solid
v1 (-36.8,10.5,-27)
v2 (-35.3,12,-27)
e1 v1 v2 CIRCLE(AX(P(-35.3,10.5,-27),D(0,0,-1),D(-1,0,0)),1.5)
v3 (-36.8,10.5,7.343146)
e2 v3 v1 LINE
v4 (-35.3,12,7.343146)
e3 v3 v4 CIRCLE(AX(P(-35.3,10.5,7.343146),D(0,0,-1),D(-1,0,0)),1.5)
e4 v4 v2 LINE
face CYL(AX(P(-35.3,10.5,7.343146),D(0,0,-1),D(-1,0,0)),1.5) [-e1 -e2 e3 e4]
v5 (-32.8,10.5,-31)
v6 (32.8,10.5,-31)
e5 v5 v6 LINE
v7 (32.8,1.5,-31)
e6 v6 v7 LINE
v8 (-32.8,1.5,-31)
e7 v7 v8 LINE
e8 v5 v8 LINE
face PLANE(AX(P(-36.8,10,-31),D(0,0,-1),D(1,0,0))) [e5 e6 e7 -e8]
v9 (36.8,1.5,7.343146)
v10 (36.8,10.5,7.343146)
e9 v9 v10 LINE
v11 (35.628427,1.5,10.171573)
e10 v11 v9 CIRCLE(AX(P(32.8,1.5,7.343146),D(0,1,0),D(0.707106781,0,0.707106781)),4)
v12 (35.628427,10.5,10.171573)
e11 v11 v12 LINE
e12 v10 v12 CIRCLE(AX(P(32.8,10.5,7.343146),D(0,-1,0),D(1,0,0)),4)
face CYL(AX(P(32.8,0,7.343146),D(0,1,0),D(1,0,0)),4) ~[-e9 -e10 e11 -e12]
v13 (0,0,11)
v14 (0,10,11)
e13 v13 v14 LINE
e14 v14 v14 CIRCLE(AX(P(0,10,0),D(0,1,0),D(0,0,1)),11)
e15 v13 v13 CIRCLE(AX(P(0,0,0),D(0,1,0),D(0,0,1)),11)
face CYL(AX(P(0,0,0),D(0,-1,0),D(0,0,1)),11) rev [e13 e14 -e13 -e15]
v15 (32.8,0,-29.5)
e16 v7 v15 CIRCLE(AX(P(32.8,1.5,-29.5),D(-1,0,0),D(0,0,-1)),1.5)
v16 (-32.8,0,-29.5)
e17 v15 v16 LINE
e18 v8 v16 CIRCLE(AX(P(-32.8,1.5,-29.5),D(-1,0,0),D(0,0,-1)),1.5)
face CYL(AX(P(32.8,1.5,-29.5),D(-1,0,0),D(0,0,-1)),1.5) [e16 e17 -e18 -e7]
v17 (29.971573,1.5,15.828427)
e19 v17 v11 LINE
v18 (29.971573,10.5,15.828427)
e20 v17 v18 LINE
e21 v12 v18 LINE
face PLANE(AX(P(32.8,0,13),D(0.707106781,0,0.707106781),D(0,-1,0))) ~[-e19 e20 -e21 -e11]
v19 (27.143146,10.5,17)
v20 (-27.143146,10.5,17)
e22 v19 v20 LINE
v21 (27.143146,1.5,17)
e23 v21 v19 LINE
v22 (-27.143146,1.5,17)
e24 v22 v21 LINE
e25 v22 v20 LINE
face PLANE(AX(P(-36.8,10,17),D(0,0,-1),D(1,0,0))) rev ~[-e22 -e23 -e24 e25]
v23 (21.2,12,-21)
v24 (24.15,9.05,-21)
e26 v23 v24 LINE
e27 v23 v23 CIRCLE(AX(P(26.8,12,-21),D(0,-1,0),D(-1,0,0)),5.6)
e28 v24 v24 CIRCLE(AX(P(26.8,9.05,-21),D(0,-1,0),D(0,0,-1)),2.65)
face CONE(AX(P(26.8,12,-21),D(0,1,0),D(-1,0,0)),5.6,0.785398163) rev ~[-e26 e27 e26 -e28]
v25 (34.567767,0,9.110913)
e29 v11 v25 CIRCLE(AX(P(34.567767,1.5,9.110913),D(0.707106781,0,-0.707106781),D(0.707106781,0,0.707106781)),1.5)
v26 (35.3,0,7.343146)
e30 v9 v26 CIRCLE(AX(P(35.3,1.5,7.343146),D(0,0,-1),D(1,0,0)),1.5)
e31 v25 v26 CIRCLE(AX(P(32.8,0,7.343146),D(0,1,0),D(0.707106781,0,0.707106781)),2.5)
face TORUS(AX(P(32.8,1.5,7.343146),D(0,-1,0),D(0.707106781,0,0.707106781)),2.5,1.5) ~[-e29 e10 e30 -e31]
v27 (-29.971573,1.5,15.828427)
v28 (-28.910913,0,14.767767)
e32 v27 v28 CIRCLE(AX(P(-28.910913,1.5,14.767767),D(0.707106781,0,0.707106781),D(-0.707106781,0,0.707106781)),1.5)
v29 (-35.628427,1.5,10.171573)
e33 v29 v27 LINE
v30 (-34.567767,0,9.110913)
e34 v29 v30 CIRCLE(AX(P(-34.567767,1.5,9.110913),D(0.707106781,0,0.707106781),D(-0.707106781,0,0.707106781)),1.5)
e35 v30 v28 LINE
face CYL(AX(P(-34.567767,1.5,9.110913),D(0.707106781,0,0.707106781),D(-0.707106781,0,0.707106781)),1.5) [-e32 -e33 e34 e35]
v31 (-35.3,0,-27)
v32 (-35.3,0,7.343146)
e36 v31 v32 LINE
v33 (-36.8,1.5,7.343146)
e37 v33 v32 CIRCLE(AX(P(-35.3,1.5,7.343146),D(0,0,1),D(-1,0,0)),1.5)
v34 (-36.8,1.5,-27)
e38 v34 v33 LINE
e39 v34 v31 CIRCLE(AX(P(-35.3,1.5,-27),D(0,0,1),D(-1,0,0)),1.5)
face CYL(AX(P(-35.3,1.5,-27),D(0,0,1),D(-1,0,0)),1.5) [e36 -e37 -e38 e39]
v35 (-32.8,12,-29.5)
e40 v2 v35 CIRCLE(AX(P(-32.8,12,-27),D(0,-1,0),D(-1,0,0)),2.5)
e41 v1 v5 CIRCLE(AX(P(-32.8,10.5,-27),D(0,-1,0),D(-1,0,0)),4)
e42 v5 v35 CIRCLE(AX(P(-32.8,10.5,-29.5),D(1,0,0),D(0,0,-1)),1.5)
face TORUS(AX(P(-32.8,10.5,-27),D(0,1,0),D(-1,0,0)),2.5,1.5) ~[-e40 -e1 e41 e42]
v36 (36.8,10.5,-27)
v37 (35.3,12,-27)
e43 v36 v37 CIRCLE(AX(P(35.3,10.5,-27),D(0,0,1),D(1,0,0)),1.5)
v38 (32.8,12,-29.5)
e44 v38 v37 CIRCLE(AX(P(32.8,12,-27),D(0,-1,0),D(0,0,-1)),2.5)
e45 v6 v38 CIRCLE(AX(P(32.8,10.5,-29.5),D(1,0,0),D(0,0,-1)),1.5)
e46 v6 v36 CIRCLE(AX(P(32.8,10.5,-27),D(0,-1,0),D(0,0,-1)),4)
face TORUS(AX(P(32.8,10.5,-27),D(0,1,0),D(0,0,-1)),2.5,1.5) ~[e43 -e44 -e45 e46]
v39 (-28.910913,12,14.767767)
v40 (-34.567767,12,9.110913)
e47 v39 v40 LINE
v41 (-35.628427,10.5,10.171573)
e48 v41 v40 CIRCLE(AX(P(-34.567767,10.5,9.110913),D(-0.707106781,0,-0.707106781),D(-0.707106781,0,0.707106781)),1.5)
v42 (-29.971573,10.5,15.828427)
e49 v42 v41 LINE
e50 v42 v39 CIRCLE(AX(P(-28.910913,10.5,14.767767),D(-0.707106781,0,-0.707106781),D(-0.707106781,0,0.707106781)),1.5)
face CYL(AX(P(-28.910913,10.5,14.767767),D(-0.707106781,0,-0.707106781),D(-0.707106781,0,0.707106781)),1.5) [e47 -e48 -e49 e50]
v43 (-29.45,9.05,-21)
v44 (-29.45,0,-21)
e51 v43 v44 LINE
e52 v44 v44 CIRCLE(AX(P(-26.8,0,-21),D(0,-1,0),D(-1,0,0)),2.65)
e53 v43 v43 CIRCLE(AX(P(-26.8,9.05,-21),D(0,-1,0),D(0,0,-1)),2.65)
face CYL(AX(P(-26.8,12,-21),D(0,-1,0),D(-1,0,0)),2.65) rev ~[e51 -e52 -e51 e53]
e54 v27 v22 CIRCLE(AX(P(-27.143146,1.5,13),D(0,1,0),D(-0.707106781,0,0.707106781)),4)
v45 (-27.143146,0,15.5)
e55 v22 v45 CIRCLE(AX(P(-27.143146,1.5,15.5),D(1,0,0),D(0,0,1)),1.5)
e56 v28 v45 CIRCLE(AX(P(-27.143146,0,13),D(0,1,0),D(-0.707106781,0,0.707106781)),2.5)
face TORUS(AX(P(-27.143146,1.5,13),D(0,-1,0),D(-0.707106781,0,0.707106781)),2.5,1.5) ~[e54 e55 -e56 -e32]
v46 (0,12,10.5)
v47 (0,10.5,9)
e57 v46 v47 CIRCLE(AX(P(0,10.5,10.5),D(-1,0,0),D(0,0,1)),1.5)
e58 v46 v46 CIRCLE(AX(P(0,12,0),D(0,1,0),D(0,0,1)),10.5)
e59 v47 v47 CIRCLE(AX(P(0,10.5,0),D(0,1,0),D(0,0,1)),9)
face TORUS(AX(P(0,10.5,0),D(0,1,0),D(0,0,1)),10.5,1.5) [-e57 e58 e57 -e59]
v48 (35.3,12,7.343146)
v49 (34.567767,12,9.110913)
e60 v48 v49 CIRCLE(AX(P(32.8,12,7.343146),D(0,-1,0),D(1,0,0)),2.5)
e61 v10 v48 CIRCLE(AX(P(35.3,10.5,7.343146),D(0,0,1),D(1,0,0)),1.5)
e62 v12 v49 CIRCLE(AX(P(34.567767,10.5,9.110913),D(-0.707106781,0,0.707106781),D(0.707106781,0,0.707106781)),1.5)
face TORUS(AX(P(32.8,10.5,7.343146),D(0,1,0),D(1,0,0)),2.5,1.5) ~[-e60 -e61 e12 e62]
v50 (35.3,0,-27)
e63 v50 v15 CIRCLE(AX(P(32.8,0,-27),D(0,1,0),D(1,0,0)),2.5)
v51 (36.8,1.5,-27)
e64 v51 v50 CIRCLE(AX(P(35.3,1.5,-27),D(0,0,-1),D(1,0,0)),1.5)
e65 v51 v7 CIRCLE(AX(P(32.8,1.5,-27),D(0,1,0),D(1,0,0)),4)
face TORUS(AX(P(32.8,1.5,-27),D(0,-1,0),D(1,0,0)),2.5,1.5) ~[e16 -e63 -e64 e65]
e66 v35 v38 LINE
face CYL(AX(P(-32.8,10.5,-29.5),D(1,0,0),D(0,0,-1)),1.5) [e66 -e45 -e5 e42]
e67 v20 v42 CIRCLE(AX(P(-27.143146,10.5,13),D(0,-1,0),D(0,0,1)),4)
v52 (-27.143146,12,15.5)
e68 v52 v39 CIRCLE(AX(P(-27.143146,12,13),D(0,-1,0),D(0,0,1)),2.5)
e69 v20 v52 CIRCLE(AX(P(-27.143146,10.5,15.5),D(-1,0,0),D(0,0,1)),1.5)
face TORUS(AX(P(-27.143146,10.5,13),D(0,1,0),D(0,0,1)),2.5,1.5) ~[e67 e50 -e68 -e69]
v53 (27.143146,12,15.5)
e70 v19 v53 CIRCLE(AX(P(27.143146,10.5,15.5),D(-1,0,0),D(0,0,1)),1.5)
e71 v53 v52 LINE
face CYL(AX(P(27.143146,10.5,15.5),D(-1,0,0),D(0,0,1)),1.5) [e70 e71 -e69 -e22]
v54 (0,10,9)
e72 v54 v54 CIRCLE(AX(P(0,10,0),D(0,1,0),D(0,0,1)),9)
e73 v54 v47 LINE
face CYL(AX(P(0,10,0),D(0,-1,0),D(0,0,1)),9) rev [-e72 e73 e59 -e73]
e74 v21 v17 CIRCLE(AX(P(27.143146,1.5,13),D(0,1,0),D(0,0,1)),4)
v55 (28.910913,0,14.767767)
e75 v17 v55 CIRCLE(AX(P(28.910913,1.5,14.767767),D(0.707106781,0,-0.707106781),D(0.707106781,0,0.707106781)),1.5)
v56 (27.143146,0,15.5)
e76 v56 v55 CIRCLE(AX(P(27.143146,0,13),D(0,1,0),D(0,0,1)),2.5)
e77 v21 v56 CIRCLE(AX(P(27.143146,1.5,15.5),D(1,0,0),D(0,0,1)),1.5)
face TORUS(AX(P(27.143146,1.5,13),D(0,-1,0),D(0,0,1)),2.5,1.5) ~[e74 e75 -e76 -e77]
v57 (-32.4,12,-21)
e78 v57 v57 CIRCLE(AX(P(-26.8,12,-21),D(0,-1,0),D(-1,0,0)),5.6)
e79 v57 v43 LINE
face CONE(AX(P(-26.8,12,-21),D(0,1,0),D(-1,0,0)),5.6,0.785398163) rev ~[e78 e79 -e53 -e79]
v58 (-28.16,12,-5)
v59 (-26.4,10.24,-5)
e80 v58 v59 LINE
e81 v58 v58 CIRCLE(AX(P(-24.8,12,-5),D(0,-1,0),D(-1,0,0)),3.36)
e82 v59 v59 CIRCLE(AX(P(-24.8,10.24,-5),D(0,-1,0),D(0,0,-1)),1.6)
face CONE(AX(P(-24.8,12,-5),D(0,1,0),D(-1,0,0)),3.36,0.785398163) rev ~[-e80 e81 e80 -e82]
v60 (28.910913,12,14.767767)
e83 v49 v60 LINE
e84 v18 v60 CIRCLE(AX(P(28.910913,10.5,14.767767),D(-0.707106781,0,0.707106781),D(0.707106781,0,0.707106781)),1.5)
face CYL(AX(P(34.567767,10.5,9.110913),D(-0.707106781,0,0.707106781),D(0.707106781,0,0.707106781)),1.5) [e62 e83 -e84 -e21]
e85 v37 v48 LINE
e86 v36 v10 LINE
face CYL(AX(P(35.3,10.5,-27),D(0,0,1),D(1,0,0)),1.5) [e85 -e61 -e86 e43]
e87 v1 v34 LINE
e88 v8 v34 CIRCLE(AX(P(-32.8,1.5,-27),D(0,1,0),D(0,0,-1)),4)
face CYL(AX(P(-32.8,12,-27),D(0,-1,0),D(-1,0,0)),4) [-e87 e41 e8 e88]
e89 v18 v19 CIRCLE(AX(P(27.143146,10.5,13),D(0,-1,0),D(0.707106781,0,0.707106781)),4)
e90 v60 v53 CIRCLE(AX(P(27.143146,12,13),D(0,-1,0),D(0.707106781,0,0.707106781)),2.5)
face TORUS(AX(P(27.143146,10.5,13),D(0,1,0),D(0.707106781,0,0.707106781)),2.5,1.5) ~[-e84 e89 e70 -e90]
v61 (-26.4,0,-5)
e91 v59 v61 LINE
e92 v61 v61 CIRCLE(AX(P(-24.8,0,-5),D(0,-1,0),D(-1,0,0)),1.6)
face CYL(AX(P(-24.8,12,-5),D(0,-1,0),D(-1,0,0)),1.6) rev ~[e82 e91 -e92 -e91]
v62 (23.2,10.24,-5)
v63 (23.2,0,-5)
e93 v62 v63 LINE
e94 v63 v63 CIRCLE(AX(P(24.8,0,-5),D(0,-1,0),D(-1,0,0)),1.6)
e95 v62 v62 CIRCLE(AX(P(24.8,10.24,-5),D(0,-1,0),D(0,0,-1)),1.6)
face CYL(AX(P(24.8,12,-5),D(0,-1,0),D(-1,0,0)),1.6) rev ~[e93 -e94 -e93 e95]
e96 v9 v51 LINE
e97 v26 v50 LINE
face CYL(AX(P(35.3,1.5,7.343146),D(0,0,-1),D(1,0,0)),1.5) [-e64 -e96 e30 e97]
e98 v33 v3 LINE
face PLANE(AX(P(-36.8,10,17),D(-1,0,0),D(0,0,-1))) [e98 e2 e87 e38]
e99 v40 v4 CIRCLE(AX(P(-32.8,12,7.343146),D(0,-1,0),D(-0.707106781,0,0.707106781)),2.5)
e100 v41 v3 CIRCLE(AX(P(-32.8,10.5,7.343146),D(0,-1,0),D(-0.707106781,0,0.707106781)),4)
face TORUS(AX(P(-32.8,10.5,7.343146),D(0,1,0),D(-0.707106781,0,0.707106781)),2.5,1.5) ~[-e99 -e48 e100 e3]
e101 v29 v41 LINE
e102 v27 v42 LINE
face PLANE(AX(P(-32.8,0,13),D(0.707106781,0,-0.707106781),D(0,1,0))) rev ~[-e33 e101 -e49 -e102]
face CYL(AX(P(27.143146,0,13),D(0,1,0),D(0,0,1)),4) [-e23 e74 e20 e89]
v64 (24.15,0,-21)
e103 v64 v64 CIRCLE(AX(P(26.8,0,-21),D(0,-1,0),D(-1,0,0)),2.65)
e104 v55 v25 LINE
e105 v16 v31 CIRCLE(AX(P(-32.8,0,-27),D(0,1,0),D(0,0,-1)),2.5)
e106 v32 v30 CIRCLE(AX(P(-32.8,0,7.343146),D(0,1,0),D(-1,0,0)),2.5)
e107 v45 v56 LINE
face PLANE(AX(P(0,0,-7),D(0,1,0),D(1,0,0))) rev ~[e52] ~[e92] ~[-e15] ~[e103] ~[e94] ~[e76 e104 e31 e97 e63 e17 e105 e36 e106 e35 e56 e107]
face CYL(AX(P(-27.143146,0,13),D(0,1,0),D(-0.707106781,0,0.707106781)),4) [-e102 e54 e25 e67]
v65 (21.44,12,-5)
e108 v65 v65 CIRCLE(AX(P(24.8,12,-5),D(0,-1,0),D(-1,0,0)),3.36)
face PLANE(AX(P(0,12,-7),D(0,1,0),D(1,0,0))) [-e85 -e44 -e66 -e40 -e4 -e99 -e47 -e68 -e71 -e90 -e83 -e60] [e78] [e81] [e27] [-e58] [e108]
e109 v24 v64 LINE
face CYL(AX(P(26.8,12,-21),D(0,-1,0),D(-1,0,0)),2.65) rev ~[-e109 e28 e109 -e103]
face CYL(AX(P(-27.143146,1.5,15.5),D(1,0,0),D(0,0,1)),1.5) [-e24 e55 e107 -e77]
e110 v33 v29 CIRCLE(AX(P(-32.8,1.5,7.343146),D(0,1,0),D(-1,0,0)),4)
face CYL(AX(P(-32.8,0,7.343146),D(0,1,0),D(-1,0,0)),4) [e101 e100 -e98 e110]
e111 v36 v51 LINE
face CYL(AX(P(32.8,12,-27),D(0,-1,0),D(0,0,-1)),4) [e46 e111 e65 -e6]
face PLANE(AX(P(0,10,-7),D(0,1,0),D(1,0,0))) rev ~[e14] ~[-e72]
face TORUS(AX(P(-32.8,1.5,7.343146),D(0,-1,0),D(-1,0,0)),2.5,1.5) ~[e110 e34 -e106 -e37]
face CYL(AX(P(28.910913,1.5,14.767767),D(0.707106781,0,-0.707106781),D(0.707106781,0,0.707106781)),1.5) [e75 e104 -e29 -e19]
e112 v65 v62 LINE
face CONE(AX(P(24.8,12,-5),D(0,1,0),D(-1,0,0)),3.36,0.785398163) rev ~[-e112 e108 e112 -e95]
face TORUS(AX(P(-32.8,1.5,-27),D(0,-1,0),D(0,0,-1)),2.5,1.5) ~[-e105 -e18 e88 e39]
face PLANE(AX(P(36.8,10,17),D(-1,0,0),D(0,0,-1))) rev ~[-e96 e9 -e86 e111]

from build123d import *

# Parameters (mm, degrees)
SKETCH3_R                     = 11
BOSS_EXTRUDE1_DEPTH           = 10
SKETCH4_W                     = 73.6
SKETCH4_H                     = 48
SKETCH4_R                     = 9
BOSS_EXTRUDE2_DEPTH           = 2
CSK_FOR_M5_SFHCS1_D           = 5.3
CSK_FOR_M5_SFHCS1_CSINK_D     = 11.2
CSK_FOR_M5_SFHCS1_CSINK_ANGLE = 90
CHAMFER1_SIZE                 = 8
FILLET1_R                     = 4
FILLET2_R                     = 1.5
CSK_FOR_M3_SFHCS1_D           = 3.2
CSK_FOR_M3_SFHCS1_CSINK_D     = 6.72
CSK_FOR_M3_SFHCS1_CSINK_ANGLE = 90


with BuildPart() as part:
    # Sketch3 → Boss-Extrude1 (new body)
    with BuildSketch(Plane(origin=(0, 0, 0), x_dir=(1, 0, 0), z_dir=(0, 1, 0))):
        Polygon((-17, -17), (17, -17), (36.8, -17), (36.8, 11), (36.8, 31), (-36.8, 31), (-36.8, 11), (-36.8, -17), align=None)
        with Locations(Location((0, 0, 0), (0, 0, 270))):
            Circle(SKETCH3_R, mode=Mode.SUBTRACT)
    extrude(amount=BOSS_EXTRUDE1_DEPTH)

    # Sketch4 → Boss-Extrude2 (add)
    with BuildSketch(Plane(origin=(0, 10, 0), x_dir=(1, 0, 0), z_dir=(0, 1, 0))):
        with Locations((0, 7)):
            Rectangle(SKETCH4_W, SKETCH4_H)
        with Locations(Location((0, 0, 0), (0, 0, 270))):
            Circle(SKETCH4_R, mode=Mode.SUBTRACT)
    extrude(amount=BOSS_EXTRUDE2_DEPTH)

    # CSK for M5 SFHCS1 (through all)
    with Locations(Plane(origin=(0, 12, 0), x_dir=(1, 0, 0), z_dir=(0, 1, 0))):
        with Locations((26.8, 21), (-26.8, 21)):
            CounterSinkHole(CSK_FOR_M5_SFHCS1_D / 2, CSK_FOR_M5_SFHCS1_CSINK_D / 2, counter_sink_angle=CSK_FOR_M5_SFHCS1_CSINK_ANGLE)

    # Chamfer1
    chamfer1_edges = [part.edges().sort_by_distance(p)[0] for p in [
        (-36.8, 6, 17),
        (36.8, 6, 17),
    ]]
    chamfer(chamfer1_edges, length=CHAMFER1_SIZE)

    # Fillet1
    fillet1_edges = [part.edges().sort_by_distance(p)[0] for p in [
        (-36.8, 6, -31),
        (36.8, 6, -31),
        (28.8, 6, 17),
        (-28.8, 6, 17),
        (-36.8, 6, 9),
        (36.8, 6, 9),
    ]]
    fillet(fillet1_edges, radius=FILLET1_R)

    # Fillet2
    fillet2_edges = [part.edges().sort_by_distance(p)[0] for p in [
        (0, 12, -9),
        (-36.8, 0, -9.828427125),
        (-36.8, 12, -9.828427125),
        (0, 0, 17),
        (-32.8, 0, 13),
        (0, 0, -31),
        (36.8, 0, -9.828427125),
        (32.8, 0, 13),
        (-28.67387948, 0, 16.69551813),
        (-36.49551813, 0, 8.87387948),
        (28.67387948, 0, 16.69551813),
        (36.49551813, 0, 8.87387948),
        (35.628427125, 0, -29.828427125),
        (-35.628427125, 0, -29.828427125),
        (0, 12, -31),
        (-32.8, 12, 13),
        (0, 12, 17),
        (32.8, 12, 13),
        (36.8, 12, -9.828427125),
        (-28.67387948, 12, 16.69551813),
        (-36.49551813, 12, 8.87387948),
        (28.67387948, 12, 16.69551813),
        (36.49551813, 12, 8.87387948),
        (35.628427125, 12, -29.828427125),
        (-35.628427125, 12, -29.828427125),
    ]]
    fillet(fillet2_edges, radius=FILLET2_R)

    # CSK for M3 SFHCS1 (through all)
    with Locations(Plane(origin=(0, 12, 0), x_dir=(1, 0, 0), z_dir=(0, 1, 0))):
        with Locations((24.8, 5), (-24.8, 5)):
            CounterSinkHole(CSK_FOR_M3_SFHCS1_D / 2, CSK_FOR_M3_SFHCS1_CSINK_D / 2, counter_sink_angle=CSK_FOR_M3_SFHCS1_CSINK_ANGLE)


solid = part.part
